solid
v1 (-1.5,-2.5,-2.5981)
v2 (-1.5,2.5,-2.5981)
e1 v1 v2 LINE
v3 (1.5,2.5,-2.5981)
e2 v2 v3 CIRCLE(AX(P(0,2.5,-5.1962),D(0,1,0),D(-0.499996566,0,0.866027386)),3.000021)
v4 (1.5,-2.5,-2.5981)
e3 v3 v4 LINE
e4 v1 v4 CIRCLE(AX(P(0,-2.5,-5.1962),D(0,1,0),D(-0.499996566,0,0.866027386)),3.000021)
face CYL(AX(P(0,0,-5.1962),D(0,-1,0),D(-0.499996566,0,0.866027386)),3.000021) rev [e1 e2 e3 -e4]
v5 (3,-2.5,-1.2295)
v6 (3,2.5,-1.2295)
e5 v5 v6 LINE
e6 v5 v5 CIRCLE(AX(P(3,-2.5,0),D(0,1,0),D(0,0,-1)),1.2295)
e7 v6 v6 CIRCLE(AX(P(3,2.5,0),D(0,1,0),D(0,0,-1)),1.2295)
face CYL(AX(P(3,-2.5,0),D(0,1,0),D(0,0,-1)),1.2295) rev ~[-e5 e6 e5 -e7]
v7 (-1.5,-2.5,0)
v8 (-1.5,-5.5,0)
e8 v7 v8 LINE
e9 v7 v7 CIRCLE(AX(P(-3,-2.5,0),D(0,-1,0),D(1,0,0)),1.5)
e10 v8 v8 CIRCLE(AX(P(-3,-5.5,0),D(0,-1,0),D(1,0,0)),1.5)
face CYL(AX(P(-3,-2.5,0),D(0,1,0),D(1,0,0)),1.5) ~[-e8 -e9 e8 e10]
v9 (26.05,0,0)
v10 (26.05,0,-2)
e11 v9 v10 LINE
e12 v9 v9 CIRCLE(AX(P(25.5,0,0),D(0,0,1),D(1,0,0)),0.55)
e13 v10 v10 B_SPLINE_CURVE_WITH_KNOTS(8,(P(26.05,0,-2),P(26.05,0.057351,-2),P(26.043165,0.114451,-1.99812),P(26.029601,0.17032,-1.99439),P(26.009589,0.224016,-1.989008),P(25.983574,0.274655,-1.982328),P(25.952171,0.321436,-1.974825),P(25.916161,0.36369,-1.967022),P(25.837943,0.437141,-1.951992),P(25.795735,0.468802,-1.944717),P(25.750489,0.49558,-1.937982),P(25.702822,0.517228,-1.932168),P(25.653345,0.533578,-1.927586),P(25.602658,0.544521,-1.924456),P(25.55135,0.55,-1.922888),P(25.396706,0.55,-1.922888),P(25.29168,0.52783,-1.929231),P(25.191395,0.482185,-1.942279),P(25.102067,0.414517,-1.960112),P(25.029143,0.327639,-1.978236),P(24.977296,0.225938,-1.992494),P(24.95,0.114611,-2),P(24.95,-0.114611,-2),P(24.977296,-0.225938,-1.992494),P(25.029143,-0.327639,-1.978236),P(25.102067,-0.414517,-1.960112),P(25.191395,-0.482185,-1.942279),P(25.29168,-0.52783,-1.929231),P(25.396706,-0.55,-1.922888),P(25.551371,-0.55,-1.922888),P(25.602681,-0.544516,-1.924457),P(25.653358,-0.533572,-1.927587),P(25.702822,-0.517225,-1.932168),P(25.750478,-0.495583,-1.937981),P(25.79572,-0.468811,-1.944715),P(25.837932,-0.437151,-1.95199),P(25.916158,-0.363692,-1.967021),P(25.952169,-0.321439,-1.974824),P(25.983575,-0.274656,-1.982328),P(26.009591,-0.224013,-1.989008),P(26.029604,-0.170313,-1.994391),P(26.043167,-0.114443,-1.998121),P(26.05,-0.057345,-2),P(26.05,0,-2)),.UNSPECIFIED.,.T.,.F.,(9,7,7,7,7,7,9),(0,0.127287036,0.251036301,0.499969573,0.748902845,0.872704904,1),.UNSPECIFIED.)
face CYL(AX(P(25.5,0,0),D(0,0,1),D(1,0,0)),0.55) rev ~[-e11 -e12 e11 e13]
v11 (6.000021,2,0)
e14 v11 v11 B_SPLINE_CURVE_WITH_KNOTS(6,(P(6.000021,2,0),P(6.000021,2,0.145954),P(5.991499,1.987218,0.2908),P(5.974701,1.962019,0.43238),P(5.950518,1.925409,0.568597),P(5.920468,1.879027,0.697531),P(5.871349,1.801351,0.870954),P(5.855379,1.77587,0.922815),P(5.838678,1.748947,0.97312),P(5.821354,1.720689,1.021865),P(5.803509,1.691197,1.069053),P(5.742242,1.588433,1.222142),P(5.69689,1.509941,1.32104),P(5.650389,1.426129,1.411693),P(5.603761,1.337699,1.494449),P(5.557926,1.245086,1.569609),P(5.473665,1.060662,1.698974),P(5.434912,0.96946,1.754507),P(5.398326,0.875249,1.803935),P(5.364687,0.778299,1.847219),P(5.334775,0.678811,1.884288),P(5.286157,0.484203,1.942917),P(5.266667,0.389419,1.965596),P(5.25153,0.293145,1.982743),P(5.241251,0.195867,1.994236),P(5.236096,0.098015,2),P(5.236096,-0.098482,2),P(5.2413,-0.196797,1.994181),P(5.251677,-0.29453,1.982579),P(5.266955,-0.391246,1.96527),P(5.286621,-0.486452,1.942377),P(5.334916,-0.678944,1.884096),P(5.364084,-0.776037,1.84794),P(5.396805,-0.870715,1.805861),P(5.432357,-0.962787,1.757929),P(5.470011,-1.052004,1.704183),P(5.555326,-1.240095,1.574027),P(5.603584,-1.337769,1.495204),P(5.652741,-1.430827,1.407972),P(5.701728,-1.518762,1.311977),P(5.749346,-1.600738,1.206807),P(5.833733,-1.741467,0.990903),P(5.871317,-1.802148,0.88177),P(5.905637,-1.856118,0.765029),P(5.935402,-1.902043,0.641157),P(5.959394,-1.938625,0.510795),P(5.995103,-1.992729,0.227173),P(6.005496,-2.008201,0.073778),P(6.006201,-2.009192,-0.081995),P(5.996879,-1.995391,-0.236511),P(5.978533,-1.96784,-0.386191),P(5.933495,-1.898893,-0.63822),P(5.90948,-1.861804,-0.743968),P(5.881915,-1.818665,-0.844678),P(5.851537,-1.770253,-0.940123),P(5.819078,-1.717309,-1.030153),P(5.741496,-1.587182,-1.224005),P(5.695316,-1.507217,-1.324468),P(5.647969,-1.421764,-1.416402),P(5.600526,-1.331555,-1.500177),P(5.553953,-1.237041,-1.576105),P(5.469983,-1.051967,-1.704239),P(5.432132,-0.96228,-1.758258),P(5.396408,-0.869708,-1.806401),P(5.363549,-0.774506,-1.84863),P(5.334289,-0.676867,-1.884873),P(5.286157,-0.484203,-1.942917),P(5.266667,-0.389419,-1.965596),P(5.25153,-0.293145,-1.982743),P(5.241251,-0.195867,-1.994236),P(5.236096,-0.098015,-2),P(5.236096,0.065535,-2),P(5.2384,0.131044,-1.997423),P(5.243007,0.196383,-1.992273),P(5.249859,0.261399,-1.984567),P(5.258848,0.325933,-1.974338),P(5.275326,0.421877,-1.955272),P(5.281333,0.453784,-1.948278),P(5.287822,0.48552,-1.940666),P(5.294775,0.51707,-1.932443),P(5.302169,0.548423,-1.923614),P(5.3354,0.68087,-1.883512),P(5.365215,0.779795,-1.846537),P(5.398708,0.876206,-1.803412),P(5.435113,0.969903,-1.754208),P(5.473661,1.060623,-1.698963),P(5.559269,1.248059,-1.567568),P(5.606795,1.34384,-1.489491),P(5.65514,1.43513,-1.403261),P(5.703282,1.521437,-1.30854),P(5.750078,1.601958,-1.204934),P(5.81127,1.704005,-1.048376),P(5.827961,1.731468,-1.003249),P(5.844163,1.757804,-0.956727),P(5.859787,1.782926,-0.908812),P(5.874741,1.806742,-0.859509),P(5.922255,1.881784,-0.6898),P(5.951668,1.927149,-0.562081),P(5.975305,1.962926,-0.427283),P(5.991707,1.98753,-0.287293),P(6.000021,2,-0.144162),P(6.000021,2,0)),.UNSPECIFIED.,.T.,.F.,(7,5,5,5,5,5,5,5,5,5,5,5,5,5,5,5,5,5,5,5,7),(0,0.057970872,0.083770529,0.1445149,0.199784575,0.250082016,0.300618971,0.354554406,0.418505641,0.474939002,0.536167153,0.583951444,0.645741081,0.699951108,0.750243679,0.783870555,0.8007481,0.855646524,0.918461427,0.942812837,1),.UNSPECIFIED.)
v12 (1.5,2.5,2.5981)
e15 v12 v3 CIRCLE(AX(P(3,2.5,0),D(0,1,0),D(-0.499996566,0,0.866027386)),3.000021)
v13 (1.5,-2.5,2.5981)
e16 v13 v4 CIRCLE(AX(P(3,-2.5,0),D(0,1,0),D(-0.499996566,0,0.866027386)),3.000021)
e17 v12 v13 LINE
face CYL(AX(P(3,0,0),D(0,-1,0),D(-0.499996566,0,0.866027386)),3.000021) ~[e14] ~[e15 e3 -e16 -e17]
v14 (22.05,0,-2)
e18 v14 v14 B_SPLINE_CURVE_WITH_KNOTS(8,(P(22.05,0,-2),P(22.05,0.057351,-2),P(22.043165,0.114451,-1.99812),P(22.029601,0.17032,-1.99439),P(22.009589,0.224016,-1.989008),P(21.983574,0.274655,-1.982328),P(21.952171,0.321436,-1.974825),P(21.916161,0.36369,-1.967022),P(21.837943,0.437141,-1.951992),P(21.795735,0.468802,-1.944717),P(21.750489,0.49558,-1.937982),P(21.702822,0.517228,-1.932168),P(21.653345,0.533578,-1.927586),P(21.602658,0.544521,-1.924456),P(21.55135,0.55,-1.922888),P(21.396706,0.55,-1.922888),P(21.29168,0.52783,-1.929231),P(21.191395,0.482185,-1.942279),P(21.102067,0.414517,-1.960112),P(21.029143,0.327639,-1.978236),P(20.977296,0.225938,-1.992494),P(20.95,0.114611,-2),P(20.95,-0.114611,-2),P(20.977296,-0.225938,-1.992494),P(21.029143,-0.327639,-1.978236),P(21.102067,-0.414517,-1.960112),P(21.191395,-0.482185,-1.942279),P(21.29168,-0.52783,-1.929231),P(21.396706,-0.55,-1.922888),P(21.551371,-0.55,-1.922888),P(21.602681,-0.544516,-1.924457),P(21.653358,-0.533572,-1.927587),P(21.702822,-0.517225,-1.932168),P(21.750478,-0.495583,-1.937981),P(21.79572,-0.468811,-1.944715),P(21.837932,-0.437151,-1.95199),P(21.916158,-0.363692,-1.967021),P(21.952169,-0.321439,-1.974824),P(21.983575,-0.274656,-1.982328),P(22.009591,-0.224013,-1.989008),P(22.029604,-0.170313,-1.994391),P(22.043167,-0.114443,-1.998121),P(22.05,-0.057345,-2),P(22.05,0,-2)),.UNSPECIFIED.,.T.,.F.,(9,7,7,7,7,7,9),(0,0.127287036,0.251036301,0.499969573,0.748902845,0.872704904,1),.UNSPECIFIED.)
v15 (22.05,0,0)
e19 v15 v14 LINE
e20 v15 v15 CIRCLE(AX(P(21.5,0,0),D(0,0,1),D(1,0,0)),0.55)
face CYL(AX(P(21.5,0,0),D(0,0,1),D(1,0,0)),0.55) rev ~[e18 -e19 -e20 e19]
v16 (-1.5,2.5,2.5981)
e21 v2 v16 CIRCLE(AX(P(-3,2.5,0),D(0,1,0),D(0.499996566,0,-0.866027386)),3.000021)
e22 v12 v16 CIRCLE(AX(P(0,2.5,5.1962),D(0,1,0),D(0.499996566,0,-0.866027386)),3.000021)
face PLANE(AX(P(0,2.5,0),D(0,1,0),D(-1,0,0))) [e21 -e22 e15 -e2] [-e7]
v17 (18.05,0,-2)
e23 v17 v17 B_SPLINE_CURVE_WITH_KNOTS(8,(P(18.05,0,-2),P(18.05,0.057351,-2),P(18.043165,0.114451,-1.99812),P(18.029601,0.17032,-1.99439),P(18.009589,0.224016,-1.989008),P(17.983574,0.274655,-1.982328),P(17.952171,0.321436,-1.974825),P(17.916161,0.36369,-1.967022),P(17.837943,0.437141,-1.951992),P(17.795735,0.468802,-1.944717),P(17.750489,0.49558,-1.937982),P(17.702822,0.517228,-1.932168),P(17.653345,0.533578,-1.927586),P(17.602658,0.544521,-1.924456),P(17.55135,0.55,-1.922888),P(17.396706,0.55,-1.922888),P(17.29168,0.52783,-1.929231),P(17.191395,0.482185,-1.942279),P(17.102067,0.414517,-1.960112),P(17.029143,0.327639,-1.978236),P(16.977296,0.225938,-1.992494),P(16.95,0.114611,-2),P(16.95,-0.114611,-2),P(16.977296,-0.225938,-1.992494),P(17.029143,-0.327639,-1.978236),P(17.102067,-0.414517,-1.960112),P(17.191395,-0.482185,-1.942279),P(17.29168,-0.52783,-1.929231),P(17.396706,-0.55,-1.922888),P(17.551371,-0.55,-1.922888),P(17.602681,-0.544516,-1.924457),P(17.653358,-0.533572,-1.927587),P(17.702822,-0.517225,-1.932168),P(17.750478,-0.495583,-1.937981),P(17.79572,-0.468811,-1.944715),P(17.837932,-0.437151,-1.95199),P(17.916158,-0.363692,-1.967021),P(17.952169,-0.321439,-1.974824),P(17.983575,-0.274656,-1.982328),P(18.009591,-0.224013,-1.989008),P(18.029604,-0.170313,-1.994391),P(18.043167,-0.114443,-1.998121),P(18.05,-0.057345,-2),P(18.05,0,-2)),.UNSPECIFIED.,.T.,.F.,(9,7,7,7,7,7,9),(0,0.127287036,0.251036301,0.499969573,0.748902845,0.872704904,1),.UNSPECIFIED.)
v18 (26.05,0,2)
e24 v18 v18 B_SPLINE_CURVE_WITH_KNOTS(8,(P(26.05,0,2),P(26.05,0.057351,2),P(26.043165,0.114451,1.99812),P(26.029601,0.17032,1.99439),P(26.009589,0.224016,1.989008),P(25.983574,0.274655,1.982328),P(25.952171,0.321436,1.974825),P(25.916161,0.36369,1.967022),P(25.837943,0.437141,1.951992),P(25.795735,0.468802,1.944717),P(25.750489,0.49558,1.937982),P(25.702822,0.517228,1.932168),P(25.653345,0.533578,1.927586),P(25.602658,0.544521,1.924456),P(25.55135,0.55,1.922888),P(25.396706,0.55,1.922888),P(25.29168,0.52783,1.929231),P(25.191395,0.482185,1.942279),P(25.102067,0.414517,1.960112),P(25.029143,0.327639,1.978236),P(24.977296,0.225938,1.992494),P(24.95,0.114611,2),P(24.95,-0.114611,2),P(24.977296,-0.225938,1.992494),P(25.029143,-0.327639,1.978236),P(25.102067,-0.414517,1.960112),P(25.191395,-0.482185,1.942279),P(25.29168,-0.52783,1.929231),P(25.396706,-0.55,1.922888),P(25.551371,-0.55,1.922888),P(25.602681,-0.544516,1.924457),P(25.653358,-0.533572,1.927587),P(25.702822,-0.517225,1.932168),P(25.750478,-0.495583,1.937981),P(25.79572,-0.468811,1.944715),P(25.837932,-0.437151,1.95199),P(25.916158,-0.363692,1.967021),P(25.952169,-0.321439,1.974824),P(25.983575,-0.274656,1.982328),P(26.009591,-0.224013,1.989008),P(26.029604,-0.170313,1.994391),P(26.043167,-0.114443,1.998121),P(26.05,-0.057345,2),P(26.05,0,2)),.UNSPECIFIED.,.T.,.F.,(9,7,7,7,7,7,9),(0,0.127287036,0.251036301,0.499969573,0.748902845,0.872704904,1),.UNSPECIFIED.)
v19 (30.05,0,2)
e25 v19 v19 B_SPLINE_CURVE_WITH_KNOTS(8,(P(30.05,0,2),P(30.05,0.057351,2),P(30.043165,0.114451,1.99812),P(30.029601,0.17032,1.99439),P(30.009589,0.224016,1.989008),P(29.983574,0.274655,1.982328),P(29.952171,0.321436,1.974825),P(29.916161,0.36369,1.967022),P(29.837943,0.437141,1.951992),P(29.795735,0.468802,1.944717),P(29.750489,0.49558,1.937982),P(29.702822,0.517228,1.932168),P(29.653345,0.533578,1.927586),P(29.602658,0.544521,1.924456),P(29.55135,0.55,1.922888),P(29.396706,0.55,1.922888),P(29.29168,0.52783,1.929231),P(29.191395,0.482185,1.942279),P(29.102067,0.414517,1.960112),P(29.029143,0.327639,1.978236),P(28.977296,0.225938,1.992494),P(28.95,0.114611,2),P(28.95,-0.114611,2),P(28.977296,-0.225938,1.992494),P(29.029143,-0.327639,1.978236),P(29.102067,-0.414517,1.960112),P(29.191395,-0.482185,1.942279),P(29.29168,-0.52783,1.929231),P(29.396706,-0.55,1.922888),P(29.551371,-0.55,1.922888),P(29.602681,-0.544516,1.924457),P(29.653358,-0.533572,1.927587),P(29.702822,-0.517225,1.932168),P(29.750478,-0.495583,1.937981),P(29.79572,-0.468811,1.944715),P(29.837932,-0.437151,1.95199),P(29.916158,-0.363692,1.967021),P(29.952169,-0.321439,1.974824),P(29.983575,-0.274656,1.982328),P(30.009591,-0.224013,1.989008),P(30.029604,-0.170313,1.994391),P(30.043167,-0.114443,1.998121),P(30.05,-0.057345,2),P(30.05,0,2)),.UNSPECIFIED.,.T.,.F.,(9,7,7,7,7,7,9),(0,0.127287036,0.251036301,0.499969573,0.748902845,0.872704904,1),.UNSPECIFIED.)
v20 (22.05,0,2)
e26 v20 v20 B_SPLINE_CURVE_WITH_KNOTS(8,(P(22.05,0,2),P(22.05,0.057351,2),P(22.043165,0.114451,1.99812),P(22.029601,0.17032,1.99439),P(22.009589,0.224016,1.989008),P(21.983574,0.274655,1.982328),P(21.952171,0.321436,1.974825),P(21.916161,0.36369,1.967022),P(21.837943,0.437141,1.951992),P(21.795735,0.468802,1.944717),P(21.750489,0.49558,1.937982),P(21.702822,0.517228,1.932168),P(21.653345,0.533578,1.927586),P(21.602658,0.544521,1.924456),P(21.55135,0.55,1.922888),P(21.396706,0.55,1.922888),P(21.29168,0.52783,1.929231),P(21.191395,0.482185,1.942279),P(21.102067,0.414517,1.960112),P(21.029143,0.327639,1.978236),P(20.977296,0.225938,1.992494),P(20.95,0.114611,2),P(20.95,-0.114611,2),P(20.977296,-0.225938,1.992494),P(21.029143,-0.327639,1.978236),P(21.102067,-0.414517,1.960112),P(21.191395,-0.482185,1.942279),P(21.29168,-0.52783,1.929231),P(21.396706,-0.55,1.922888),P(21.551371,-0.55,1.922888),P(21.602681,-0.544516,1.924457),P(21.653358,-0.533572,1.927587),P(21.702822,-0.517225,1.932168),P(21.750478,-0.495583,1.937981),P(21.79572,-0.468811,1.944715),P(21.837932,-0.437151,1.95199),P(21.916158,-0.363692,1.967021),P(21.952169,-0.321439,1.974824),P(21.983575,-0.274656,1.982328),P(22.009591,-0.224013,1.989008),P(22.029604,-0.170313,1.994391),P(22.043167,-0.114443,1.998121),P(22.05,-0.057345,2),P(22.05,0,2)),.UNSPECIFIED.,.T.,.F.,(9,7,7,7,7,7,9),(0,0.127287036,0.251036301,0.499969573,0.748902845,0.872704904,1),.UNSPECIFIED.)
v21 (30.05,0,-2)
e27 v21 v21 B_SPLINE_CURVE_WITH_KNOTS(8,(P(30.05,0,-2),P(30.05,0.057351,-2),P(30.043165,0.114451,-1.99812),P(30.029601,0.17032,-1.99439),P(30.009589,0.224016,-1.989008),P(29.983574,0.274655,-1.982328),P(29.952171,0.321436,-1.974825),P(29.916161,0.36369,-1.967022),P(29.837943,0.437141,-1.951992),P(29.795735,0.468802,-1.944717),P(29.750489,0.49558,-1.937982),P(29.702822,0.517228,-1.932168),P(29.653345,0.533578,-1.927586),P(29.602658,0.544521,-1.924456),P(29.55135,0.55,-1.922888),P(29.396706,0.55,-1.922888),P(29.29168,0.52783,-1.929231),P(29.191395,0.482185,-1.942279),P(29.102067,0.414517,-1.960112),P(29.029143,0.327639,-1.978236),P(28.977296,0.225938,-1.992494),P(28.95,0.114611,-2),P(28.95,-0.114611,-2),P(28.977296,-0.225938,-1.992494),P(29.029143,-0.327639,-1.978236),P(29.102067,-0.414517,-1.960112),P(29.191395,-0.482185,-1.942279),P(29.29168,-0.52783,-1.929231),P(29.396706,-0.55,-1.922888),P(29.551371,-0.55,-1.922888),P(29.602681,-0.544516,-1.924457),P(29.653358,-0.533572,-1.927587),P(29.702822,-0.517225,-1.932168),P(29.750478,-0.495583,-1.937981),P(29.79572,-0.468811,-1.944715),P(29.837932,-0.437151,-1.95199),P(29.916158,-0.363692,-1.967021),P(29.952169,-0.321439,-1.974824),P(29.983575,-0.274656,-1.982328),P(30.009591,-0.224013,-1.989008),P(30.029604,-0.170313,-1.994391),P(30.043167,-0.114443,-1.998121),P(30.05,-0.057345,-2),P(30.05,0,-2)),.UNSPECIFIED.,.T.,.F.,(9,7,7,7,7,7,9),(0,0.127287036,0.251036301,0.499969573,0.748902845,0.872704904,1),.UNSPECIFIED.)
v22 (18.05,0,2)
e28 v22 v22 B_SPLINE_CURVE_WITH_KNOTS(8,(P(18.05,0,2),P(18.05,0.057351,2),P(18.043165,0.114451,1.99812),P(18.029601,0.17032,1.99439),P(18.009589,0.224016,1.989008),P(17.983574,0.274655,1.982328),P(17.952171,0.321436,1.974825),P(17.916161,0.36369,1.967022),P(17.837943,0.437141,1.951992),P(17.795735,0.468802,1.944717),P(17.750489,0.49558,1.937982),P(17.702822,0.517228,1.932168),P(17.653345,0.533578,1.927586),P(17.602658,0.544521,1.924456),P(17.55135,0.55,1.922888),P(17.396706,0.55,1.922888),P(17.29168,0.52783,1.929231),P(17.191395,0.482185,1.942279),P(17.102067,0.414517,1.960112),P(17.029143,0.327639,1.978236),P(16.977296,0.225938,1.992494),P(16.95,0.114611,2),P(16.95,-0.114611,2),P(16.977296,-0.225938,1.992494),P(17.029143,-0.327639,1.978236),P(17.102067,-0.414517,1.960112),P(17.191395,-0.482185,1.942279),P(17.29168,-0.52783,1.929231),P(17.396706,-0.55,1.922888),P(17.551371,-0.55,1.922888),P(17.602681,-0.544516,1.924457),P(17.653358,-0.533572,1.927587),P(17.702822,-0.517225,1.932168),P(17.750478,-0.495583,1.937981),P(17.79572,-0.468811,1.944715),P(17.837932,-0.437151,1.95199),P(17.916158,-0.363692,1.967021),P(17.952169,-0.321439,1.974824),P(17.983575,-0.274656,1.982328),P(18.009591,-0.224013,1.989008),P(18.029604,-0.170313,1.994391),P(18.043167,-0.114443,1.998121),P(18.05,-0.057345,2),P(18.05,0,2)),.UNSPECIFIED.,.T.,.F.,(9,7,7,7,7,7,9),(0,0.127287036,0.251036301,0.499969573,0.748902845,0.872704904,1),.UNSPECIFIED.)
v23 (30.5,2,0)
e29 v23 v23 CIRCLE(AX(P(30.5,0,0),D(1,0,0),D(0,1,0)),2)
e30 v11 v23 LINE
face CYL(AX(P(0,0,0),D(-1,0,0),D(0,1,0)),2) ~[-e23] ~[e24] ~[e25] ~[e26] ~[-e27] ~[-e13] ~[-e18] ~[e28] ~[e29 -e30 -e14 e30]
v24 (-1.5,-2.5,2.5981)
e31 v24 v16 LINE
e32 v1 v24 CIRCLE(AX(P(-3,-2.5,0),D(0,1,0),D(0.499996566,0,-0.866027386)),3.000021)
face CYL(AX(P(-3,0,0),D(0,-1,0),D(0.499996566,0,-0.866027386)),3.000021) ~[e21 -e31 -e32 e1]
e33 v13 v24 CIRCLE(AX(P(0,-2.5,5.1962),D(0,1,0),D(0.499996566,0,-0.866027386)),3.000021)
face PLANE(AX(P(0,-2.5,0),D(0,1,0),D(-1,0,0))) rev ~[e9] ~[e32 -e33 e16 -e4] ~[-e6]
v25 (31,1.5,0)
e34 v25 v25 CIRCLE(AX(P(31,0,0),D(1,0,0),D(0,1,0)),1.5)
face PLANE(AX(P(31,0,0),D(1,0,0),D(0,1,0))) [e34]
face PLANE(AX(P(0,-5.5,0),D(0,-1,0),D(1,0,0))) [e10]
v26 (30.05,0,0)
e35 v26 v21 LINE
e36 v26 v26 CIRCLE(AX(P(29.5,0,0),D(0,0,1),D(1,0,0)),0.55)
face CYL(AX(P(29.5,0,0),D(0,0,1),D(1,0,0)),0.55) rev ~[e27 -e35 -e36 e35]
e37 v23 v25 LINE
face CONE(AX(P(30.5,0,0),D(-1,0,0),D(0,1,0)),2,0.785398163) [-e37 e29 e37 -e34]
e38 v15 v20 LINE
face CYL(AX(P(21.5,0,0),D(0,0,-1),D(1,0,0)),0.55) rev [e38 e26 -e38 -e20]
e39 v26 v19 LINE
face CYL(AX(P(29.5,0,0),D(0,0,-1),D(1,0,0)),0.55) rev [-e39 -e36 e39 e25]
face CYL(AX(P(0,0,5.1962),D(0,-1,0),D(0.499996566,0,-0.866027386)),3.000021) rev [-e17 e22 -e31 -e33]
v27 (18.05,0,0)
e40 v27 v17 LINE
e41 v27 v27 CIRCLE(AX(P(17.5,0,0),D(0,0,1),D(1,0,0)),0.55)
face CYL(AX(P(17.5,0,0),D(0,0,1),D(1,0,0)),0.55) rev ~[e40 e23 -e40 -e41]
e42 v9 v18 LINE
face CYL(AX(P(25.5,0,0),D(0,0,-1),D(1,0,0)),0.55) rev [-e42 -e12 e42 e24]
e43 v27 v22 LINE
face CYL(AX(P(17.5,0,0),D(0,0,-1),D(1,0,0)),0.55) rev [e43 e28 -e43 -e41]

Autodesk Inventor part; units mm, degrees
ref_plane "YZ Plane" through (0, 0, 0) normal (1, 0, 0) x (0, 1, 0)
ref_plane "XZ Plane" through (0, 0, 0) normal (0, 1, 0) x (-1, 0, 0)
ref_plane "XY Plane" through (0, 0, 0) normal (0, 0, 1) x (1, 0, 0)
sketch "Sketch1" plane through (0, 0, 0) normal (0, 1, 0) x (-1, 0, 0)
  arc A0 (1.5, -2.5981) -> (1.5, 2.5981) centre (3, 0) ccw
  arc A1 (-1.5, 2.5981) -> (-1.5, -2.5981) centre (-3, 0) ccw
  arc A2 (-1.5, 2.5981) -> (1.5, 2.5981) centre (0, 5.1962) ccw
  arc A3 (1.5, -2.5981) -> (-1.5, -2.5981) centre (0, -5.1962) ccw
  point P0 (0, 0)
  dimension "d0" = 6
  dimension "d1" = 6
  dimension "d2" = 6
  dimension "d3" = 3
  dimension "d4" = 6
  dimension "d5" = 6
extrude "Extrusion1" add sketch "Sketch1" along normal mid plane 5
sketch "Sketch2" plane through (0, 0, 0) normal (1, 0, 0) x (0, 1, 0)
  circle A0 centre (0, 0) radius 2
  dimension "d8" = 4
extrude "Extrusion2" add sketch "Sketch2" along normal blind 31
sketch "Sketch3" plane through (0, -2.5, 0) normal (0, -1, 0) x (1, 0, 0)
  arc A0 (-1.5, 2.5981) -> (-1.5, -2.5981) centre (-3, 0) ccw projected
  circle A1 centre (-3, 0) radius 1.5
  point P0 (0, 0)
  dimension "d11" = 3
extrude "Extrusion3" add sketch "Sketch3" along normal blind 3
hole "Hole1" at (3, -2.5, 0) direction (0, 1, 0) diameter 2.459 depth 8.8 tip angle 118 thread size "M3x0.5" class "6H" standard "ISO Metric profile"
sketch "Sketch4" plane through (0, 0, 0) normal (0, 0, 1) x (1, 0, 0)
  line L0 (-1.5, -2.5) -> (-1.5, -5.5) construction
  line L1 (-1.5, -5.5) -> (-4.5, -5.5) construction
  line L2 (-4.5, -5.5) -> (-4.5, -2.5) construction
  line L3 (-4.5, -2.5) -> (-6, -2.5) construction
  line L4 (-6, -2.5) -> (-6, 2.5) construction
  line L5 (-6, 2.5) -> (1.7705, 2.5) construction
  line L6 (1.7705, 2.5) -> (1.7705, -2.5) construction
  line L7 (1.7705, -2.5) -> (-1.5, -2.5) construction
  line L8 (6, 2) -> (31, 2) construction
  line L9 (31, 2) -> (31, -2) construction
  line L10 (31, -2) -> (6, -2) construction
  line L11 (6, -2) -> (6, -2.5) construction
  line L12 (6, -2.5) -> (4.2295, -2.5) construction
  line L13 (4.2295, -2.5) -> (4.2295, 2.5) construction
  line L14 (4.2295, 2.5) -> (6, 2.5) construction
  line L15 (6, 2.5) -> (6, 2) construction
  circle A0 centre (29.5, 0) radius 0.55
  point P0 (0, 0)
  dimension "d23" = 1.1
  dimension "d24" = 1.5
extrude "Extrusion4" cut sketch "Sketch4" along normal mid plane 17.5
pattern_linear "Rectangular Pattern1" count 4 spacing 4 along (-1, 0, 0) of "Extrusion4"
chamfer "Chamfer1" distance 0.5 angle 45 1 edges at (31, -2, 0)
properties part number "500-178" material "ABS Plastic"
